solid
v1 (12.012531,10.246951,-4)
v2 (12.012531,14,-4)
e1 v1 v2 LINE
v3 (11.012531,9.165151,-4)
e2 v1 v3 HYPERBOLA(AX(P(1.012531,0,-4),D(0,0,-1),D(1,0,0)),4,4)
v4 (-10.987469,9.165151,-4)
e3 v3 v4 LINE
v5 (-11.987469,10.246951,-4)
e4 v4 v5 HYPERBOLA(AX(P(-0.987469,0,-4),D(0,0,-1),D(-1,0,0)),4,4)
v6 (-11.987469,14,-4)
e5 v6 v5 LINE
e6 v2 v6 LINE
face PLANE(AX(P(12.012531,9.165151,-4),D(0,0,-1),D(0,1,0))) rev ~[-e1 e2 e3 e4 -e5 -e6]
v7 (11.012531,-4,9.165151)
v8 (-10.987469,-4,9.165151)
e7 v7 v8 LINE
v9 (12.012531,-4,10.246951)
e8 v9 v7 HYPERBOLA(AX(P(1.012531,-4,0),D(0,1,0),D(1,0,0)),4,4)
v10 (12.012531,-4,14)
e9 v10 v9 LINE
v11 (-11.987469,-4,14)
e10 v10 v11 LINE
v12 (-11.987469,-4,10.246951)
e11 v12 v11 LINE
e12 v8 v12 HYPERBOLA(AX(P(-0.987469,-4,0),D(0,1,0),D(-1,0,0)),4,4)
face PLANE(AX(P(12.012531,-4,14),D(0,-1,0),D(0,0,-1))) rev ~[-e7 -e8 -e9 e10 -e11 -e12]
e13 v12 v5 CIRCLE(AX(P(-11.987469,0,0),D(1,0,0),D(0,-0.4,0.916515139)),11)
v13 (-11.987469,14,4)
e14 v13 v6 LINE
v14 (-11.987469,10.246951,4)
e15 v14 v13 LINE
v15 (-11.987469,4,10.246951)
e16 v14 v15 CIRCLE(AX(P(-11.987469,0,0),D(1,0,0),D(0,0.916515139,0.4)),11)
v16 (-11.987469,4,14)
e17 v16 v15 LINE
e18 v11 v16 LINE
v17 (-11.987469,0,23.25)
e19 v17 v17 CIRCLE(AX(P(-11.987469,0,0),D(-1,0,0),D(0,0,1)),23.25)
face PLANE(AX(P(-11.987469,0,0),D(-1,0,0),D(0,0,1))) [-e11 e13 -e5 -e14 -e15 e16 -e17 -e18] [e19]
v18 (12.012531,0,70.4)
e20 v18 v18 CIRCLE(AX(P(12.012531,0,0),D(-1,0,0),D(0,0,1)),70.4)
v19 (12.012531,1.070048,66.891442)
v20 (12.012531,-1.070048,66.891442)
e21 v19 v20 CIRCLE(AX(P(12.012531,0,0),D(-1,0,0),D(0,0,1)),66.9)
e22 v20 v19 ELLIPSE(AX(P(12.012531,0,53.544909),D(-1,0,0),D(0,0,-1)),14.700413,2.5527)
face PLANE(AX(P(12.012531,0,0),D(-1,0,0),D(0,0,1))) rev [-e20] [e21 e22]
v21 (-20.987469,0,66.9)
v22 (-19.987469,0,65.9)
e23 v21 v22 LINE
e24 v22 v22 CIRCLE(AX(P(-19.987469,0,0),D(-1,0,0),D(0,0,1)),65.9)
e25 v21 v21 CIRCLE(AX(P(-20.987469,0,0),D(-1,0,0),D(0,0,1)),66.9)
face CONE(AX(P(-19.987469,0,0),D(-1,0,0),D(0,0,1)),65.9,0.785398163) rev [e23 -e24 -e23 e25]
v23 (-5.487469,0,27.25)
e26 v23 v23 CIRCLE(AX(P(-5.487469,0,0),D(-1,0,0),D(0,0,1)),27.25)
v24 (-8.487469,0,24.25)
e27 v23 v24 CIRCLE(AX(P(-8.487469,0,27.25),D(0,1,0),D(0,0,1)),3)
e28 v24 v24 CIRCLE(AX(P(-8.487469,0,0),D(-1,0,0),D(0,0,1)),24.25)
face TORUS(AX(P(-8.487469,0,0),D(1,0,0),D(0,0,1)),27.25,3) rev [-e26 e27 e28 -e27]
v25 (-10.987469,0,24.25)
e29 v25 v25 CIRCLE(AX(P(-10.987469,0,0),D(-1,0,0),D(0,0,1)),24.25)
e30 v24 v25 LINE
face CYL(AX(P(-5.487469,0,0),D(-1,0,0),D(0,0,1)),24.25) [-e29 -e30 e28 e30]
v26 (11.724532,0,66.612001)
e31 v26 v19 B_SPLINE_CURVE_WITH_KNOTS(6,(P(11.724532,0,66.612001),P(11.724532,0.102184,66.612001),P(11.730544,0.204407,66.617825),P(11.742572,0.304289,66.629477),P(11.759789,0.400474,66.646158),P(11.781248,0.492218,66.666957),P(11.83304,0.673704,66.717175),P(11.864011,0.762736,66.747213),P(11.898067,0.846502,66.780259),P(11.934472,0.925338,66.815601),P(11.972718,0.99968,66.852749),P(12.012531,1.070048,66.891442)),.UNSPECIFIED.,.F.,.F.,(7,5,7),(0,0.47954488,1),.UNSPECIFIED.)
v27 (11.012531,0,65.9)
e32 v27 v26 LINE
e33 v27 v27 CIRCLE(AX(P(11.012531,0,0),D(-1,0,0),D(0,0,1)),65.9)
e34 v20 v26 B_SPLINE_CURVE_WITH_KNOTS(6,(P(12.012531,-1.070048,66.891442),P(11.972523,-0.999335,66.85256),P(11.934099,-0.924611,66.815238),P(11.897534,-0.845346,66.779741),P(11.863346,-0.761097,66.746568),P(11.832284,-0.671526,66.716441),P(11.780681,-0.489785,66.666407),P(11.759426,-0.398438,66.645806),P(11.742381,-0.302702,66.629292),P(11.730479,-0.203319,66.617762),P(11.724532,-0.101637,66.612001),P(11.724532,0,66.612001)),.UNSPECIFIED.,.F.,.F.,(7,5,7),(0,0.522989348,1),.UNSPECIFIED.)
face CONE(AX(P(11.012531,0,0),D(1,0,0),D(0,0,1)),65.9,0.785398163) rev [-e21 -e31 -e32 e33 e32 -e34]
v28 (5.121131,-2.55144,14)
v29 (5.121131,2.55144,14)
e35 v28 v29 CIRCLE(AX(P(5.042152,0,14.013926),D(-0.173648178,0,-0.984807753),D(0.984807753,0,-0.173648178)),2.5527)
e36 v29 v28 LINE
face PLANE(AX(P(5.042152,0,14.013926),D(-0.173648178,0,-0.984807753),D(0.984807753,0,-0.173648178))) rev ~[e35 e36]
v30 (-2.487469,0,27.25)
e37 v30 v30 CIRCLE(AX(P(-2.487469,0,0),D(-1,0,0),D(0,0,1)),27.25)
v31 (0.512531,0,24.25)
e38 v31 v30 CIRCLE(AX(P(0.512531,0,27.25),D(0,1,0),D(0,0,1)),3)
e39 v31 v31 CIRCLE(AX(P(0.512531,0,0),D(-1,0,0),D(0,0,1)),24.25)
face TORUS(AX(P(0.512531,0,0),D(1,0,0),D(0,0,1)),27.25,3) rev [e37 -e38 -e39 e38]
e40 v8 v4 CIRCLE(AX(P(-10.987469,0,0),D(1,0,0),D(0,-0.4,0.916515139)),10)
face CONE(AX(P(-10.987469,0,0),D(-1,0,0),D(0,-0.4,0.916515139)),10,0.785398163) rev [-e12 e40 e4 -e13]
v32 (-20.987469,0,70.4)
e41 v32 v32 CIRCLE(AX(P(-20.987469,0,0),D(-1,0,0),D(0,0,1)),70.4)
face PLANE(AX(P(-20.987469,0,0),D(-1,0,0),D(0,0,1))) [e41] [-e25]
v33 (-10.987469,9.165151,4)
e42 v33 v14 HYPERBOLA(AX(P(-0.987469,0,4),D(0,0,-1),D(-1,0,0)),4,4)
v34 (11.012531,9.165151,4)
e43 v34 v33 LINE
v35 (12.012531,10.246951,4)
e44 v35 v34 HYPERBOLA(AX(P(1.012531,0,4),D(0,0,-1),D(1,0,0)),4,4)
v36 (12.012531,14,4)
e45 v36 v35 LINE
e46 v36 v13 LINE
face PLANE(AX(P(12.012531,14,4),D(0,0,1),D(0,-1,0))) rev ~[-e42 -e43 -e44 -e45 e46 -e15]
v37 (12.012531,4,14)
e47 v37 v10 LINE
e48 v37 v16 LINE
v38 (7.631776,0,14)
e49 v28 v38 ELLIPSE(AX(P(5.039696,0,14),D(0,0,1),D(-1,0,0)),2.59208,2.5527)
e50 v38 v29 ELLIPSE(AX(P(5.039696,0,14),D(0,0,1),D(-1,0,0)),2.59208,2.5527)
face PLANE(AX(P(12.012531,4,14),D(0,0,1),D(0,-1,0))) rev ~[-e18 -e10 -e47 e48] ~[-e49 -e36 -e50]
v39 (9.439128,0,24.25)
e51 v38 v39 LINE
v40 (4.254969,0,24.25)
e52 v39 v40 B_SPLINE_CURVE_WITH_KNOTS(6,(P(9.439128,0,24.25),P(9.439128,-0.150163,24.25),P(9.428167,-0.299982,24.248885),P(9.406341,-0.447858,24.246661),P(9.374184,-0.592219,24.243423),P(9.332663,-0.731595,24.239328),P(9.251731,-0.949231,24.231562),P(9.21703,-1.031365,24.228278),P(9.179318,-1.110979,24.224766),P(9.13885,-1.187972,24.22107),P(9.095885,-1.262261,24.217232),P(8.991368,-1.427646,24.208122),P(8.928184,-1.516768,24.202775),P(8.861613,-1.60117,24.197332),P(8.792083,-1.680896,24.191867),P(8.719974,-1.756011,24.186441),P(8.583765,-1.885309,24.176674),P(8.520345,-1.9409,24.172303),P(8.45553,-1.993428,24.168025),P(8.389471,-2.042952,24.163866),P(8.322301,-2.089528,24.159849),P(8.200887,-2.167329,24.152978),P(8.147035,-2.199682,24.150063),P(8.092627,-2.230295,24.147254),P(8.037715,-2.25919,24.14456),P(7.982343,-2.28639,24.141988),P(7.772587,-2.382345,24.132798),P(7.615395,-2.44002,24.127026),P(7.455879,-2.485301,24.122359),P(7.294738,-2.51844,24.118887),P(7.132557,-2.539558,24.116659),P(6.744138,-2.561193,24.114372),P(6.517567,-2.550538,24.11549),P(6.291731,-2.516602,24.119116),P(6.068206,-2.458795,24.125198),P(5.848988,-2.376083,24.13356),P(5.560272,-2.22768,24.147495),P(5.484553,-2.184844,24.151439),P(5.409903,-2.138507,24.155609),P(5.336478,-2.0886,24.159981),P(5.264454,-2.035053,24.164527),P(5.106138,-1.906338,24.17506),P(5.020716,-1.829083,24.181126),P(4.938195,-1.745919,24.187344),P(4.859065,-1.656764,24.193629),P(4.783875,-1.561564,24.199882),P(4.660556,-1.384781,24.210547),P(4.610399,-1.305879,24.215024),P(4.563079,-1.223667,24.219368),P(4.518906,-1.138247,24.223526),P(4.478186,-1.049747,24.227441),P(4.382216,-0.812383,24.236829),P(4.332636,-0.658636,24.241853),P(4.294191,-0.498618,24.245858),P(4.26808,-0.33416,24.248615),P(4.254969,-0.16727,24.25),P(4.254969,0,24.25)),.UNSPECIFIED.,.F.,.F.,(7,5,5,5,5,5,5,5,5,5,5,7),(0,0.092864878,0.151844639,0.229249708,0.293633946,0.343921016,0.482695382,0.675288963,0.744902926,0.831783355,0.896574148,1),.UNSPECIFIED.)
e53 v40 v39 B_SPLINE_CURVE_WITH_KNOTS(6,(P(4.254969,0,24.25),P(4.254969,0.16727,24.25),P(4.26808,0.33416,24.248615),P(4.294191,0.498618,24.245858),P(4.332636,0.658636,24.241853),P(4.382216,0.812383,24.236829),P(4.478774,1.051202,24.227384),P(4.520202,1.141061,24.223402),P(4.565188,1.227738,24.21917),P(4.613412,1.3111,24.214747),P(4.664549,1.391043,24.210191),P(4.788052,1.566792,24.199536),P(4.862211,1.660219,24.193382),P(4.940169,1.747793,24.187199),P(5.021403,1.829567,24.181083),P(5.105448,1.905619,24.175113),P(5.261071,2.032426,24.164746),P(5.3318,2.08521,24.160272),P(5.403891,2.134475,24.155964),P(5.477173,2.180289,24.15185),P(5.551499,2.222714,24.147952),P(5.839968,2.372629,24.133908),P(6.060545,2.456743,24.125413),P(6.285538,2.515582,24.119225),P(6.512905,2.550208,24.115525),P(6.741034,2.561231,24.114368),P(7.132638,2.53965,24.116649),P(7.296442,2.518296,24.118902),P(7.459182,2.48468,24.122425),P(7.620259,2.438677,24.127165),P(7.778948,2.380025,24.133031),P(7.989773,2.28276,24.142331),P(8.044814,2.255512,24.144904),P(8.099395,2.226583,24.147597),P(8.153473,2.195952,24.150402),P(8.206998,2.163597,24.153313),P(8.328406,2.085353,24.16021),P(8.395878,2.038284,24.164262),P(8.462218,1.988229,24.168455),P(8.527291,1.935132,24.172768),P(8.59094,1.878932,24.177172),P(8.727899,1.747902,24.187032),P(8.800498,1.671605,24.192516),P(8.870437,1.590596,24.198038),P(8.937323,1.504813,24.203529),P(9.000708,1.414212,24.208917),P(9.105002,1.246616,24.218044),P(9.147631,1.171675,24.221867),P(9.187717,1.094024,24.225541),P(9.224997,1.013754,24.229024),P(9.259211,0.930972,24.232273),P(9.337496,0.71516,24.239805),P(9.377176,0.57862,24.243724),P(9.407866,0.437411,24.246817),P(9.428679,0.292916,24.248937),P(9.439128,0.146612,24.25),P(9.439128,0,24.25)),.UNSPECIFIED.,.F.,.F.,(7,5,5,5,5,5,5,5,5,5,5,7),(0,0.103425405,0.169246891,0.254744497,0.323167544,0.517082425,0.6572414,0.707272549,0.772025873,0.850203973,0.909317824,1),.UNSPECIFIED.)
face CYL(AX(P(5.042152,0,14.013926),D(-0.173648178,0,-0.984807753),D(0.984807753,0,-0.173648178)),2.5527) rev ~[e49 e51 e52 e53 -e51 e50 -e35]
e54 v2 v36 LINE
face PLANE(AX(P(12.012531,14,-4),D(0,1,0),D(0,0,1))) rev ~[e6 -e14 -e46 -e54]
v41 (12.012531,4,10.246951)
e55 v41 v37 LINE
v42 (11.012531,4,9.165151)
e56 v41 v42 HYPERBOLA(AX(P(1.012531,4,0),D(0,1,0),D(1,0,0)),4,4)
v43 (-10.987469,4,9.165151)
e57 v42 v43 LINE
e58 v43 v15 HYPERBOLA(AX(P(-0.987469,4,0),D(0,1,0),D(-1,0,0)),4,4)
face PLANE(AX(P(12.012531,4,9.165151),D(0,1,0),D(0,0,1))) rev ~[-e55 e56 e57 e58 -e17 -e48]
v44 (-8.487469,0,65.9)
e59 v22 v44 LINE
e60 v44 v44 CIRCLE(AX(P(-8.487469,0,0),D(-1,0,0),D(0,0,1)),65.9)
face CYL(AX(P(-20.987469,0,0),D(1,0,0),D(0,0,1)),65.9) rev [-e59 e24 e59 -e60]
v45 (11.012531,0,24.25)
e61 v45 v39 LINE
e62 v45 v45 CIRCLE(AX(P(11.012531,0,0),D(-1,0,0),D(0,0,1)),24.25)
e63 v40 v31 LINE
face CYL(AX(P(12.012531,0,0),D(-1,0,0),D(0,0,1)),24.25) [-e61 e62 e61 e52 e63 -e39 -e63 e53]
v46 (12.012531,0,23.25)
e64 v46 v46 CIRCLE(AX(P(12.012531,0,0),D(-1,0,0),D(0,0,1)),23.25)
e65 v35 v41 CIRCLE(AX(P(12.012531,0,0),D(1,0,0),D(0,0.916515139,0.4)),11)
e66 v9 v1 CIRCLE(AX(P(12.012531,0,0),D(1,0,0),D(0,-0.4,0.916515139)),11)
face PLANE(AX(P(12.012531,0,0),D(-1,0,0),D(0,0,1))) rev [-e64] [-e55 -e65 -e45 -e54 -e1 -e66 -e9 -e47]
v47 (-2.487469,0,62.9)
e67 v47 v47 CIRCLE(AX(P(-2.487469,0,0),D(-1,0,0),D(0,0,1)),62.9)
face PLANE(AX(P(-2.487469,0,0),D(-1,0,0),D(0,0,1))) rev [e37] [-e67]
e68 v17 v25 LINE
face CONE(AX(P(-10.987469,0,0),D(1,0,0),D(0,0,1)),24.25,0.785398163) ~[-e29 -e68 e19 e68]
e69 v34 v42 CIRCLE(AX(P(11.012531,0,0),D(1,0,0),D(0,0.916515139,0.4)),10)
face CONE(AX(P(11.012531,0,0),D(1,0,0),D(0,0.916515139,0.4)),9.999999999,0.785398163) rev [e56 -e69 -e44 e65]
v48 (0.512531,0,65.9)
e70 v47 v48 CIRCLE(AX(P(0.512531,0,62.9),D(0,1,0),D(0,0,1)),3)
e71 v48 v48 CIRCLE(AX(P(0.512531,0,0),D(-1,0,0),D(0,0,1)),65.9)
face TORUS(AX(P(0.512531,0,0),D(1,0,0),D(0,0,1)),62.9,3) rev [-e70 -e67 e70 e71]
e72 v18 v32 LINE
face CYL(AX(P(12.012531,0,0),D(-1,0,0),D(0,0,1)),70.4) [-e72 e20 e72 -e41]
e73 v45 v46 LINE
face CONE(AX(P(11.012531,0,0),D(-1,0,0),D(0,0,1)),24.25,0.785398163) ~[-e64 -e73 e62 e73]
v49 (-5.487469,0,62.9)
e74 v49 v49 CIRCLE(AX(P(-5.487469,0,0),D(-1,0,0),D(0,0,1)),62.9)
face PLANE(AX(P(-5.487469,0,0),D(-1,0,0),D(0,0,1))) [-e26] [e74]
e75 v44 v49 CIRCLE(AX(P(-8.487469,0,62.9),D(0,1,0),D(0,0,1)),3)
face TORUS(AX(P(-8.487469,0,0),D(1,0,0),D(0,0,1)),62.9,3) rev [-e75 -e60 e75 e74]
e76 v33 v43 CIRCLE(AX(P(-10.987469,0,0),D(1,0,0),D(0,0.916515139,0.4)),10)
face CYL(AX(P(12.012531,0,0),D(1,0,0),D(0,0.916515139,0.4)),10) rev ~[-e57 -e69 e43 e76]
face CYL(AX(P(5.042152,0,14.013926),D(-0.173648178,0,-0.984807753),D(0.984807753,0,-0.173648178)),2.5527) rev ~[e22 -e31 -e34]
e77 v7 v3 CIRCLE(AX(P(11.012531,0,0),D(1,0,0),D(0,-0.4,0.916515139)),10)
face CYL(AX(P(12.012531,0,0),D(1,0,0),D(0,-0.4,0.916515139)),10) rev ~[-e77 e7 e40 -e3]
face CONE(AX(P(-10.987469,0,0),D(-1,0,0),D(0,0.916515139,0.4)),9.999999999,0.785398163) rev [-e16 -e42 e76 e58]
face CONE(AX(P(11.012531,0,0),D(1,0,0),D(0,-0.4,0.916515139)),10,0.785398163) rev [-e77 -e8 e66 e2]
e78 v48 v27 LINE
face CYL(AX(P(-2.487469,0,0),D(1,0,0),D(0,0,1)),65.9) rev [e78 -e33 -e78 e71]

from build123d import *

# Parameters (mm, degrees)
F2_R     = 3
F4_DEPTH = 25
F5_SIZE  = 1
F9_D     = 5.1054
F9_DEPTH = 56.7408363237


with BuildPart() as f1:
    # F0 (on Front) → F1 (revolve)
    with BuildSketch(Plane.XZ):
        Polygon((-11.987469025, 24.25), (-11.987469025, 0), (12.012530975, 0), (12.012530975, 24.25), (-2.487469025, 24.25), (-2.487469025, 65.9), (12.012530975, 65.9), (12.012530975, 70.4), (-20.987469025, 70.4), (-20.987469025, 65.9), (-5.487469025, 65.9), (-5.487469025, 24.25), align=None)
    revolve(axis=Axis((-25.877635926, 0, 0), (-1, 0, 0)))

    # F2
    f2_edges = [f1.edges().sort_by_distance(p)[0] for p in [
        (-2.487469, 0, -24.25),
        (-2.487469, 0, -65.9),
        (-5.487469, 0, -24.25),
        (-5.487469, 0, -65.9),
    ]]
    fillet(f2_edges, radius=F2_R)

    # F3 (on face) → F4 (cut)
    with BuildSketch(Plane.YZ.offset(12.012530975)):
        with BuildLine():
            Line((-4, 14), (-4, 9.1651513899))
            ThreePointArc((-4, 9.1651513899), (-7.0710678119, -7.0710678119), (9.1651513899, -4))
            Line((9.1651513899, -4), (14, -4))
            Line((14, -4), (14, 4))
            Line((14, 4), (9.1651513899, 4))
            ThreePointArc((9.1651513899, 4), (7.0710678119, 7.0710678119), (4, 9.1651513899))
            Line((4, 9.1651513899), (4, 14))
            Line((4, 14), (-4, 14))
        make_face()
    extrude(amount=-F4_DEPTH, mode=Mode.SUBTRACT)

    # F5
    f5_edges = [f1.edges().sort_by_distance(p)[0] for p in [
        (12.012531, 0, -65.9),
        (12.012531, 0, -24.25),
        (12.012531, -7.071068, -7.071068),
        (12.012531, 7.071068, 7.071068),
        (-11.987469, 0, -24.25),
        (-20.987469, 0, -65.9),
        (-11.987469, -7.071068, -7.071068),
        (-11.987469, 7.071068, 7.071068),
    ]]
    chamfer(f5_edges, length=F5_SIZE)

    # F9 (through all, one way)
    with BuildSketch(Plane(origin=(2.5485619967, 0, 14.4536133183), x_dir=(0.984807753, 0, -0.1736481777), z_dir=(-0.1736481777, 0, -0.984807753))):
        with Locations((2.532057697, 0)):
            Circle(F9_D / 2)
    extrude(amount=-F9_DEPTH, mode=Mode.SUBTRACT)


solid = f1.part
